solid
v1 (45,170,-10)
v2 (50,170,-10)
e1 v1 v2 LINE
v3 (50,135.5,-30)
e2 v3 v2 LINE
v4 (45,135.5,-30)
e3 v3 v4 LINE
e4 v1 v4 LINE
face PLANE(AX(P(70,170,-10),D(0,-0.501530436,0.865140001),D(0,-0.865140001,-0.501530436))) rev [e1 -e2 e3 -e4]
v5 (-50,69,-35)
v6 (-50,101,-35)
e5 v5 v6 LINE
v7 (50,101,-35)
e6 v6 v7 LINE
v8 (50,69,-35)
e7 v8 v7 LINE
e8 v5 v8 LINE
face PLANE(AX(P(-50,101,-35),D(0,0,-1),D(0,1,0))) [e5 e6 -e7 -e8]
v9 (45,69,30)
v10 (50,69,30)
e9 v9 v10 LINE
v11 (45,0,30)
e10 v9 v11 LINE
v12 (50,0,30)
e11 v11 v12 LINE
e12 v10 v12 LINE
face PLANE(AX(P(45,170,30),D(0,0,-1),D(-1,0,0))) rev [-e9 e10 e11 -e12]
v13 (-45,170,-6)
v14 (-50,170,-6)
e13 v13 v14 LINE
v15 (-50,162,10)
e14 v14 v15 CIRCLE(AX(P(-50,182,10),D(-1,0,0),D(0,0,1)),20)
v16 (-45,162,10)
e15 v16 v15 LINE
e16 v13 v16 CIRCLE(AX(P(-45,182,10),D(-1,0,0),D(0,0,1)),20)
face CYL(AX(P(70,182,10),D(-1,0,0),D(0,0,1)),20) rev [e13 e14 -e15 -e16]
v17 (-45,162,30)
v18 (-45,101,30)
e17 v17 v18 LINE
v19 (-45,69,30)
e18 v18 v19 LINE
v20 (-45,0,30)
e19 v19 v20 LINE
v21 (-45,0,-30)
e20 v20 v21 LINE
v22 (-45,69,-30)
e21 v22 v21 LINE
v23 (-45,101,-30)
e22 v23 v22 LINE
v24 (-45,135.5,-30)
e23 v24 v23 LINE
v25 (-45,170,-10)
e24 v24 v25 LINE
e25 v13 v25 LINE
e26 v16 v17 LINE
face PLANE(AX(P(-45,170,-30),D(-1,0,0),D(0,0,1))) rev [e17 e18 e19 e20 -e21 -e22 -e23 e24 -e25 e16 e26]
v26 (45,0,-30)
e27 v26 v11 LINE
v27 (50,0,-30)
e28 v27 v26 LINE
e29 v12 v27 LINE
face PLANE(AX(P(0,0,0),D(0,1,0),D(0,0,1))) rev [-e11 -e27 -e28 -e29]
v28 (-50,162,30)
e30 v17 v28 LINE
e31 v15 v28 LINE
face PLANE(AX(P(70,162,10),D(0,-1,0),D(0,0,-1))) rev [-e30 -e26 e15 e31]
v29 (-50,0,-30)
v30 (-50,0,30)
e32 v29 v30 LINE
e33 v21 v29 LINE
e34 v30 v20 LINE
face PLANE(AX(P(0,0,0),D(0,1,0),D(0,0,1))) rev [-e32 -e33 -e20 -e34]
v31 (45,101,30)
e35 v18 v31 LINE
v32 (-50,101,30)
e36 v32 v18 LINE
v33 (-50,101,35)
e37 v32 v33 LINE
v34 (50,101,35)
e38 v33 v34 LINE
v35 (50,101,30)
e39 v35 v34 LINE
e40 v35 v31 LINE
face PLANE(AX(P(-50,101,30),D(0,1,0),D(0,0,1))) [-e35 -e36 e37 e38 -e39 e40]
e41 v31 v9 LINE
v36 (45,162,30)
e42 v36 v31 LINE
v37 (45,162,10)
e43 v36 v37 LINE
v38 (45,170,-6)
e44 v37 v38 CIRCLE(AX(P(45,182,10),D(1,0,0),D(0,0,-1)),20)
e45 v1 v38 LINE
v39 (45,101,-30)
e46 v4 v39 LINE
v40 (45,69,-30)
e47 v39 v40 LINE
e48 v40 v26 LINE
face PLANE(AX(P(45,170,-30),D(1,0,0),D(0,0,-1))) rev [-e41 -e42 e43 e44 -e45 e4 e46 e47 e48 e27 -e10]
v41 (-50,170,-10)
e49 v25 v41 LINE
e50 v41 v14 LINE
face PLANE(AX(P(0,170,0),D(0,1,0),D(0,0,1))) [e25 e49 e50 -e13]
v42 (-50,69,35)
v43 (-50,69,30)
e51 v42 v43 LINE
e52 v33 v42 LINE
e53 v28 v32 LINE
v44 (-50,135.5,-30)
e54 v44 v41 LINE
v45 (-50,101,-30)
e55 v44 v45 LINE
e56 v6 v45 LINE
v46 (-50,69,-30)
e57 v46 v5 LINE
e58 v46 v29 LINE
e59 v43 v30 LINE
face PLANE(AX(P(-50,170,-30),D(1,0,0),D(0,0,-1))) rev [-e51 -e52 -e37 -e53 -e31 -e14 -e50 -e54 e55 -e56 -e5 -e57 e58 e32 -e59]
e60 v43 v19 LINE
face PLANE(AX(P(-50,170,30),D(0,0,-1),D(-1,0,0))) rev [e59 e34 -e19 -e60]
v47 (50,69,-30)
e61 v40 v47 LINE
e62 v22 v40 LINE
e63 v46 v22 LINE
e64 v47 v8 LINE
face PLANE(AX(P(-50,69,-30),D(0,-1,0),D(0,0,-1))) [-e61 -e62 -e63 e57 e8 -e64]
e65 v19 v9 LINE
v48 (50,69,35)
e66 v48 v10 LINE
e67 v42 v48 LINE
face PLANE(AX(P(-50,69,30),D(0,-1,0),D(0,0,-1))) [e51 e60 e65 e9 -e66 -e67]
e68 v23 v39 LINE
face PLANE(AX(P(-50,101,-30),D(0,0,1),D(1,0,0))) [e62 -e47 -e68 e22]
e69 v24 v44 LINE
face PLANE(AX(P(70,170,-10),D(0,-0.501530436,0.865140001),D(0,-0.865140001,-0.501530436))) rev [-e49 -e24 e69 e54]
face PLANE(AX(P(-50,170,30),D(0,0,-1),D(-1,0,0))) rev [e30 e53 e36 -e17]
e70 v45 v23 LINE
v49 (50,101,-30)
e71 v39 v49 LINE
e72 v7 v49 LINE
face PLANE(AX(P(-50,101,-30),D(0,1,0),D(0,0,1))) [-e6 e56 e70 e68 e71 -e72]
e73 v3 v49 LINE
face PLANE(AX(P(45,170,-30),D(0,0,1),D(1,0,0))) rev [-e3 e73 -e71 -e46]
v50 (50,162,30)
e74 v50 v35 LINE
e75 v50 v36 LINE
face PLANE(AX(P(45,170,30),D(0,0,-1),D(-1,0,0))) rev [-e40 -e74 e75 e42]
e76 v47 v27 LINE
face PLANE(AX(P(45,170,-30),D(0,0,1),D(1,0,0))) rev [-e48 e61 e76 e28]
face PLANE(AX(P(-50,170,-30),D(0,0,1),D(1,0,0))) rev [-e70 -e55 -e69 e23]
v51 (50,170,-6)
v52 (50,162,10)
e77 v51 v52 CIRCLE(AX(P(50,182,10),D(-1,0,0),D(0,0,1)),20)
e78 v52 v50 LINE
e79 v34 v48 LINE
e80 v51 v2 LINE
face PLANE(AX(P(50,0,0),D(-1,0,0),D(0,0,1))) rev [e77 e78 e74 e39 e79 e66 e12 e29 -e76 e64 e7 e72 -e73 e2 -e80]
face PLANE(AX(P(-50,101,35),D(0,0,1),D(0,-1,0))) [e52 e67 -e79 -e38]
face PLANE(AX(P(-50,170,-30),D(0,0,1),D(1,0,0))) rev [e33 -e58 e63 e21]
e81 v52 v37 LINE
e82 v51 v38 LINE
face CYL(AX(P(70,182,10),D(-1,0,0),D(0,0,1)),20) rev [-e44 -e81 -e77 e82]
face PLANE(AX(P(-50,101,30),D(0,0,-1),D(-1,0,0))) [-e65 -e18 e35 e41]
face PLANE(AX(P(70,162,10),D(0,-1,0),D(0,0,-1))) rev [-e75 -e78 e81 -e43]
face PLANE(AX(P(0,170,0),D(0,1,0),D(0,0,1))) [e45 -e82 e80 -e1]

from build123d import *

# Parameters (mm, degrees)
SKETCH_1_W          = 5
SKETCH_1_H          = 60
EXTRUDE_1_DEPTH     = 170
EXTRUDE_1_2_DEPTH   = 170
SKETCH_2_W          = 5
SKETCH_2_H          = 32
EXTRUDE_2_DEPTH     = 100
CUT_EXTRUDE_2_DEPTH = 120


with BuildPart() as part:
    # 草图1 → 凸台-拉伸1 (new body)
    with BuildSketch(Plane(origin=(0, 0, 0), x_dir=(1, 0, 0), z_dir=(0, 1, 0))):
        with Locations((-47.5, 0)):
            Rectangle(SKETCH_1_W, SKETCH_1_H)
    extrude(amount=EXTRUDE_1_DEPTH)



with BuildPart() as body_2:
    # 草图1 → Extrude 1 2 (new body)
    with BuildSketch(Plane(origin=(0, 0, 0), x_dir=(1, 0, 0), z_dir=(0, 1, 0))):
        with Locations((47.5, 0)):
            Rectangle(SKETCH_1_W, SKETCH_1_H)
    extrude(amount=EXTRUDE_1_2_DEPTH)


with BuildPart() as part_1:
    add(part.part)

    add(body_2.part)  # 凸台-拉伸2 merges body 2
    # 草图2 → 凸台-拉伸2 (add)
    with BuildSketch(Plane(origin=(50, 0, 0), x_dir=(0, 0, -1), z_dir=(1, 0, 0))):
        with Locations((-32.5, 85)):
            Rectangle(SKETCH_2_W, SKETCH_2_H)
        with Locations((32.5, 85)):
            Rectangle(SKETCH_2_W, SKETCH_2_H)
    extrude(amount=-EXTRUDE_2_DEPTH)

    # 草图3 → 切除-拉伸2 (cut)
    with BuildSketch(Plane.ZY.offset(50)):
        Polygon((-10, 170), (-30, 135.5), (-48.568866089, 135.5), (-48.568866089, 174.591079236), (-10, 174.591079236), align=None)
        with BuildLine():
            Line((10, 162), (30, 162))
            Line((30, 162), (30, 182))
            ThreePointArc((30, 182), (-4.142135624, 196.142135624), (10, 162))
        make_face()
    extrude(amount=-CUT_EXTRUDE_2_DEPTH, mode=Mode.SUBTRACT)


solid = part_1.part
